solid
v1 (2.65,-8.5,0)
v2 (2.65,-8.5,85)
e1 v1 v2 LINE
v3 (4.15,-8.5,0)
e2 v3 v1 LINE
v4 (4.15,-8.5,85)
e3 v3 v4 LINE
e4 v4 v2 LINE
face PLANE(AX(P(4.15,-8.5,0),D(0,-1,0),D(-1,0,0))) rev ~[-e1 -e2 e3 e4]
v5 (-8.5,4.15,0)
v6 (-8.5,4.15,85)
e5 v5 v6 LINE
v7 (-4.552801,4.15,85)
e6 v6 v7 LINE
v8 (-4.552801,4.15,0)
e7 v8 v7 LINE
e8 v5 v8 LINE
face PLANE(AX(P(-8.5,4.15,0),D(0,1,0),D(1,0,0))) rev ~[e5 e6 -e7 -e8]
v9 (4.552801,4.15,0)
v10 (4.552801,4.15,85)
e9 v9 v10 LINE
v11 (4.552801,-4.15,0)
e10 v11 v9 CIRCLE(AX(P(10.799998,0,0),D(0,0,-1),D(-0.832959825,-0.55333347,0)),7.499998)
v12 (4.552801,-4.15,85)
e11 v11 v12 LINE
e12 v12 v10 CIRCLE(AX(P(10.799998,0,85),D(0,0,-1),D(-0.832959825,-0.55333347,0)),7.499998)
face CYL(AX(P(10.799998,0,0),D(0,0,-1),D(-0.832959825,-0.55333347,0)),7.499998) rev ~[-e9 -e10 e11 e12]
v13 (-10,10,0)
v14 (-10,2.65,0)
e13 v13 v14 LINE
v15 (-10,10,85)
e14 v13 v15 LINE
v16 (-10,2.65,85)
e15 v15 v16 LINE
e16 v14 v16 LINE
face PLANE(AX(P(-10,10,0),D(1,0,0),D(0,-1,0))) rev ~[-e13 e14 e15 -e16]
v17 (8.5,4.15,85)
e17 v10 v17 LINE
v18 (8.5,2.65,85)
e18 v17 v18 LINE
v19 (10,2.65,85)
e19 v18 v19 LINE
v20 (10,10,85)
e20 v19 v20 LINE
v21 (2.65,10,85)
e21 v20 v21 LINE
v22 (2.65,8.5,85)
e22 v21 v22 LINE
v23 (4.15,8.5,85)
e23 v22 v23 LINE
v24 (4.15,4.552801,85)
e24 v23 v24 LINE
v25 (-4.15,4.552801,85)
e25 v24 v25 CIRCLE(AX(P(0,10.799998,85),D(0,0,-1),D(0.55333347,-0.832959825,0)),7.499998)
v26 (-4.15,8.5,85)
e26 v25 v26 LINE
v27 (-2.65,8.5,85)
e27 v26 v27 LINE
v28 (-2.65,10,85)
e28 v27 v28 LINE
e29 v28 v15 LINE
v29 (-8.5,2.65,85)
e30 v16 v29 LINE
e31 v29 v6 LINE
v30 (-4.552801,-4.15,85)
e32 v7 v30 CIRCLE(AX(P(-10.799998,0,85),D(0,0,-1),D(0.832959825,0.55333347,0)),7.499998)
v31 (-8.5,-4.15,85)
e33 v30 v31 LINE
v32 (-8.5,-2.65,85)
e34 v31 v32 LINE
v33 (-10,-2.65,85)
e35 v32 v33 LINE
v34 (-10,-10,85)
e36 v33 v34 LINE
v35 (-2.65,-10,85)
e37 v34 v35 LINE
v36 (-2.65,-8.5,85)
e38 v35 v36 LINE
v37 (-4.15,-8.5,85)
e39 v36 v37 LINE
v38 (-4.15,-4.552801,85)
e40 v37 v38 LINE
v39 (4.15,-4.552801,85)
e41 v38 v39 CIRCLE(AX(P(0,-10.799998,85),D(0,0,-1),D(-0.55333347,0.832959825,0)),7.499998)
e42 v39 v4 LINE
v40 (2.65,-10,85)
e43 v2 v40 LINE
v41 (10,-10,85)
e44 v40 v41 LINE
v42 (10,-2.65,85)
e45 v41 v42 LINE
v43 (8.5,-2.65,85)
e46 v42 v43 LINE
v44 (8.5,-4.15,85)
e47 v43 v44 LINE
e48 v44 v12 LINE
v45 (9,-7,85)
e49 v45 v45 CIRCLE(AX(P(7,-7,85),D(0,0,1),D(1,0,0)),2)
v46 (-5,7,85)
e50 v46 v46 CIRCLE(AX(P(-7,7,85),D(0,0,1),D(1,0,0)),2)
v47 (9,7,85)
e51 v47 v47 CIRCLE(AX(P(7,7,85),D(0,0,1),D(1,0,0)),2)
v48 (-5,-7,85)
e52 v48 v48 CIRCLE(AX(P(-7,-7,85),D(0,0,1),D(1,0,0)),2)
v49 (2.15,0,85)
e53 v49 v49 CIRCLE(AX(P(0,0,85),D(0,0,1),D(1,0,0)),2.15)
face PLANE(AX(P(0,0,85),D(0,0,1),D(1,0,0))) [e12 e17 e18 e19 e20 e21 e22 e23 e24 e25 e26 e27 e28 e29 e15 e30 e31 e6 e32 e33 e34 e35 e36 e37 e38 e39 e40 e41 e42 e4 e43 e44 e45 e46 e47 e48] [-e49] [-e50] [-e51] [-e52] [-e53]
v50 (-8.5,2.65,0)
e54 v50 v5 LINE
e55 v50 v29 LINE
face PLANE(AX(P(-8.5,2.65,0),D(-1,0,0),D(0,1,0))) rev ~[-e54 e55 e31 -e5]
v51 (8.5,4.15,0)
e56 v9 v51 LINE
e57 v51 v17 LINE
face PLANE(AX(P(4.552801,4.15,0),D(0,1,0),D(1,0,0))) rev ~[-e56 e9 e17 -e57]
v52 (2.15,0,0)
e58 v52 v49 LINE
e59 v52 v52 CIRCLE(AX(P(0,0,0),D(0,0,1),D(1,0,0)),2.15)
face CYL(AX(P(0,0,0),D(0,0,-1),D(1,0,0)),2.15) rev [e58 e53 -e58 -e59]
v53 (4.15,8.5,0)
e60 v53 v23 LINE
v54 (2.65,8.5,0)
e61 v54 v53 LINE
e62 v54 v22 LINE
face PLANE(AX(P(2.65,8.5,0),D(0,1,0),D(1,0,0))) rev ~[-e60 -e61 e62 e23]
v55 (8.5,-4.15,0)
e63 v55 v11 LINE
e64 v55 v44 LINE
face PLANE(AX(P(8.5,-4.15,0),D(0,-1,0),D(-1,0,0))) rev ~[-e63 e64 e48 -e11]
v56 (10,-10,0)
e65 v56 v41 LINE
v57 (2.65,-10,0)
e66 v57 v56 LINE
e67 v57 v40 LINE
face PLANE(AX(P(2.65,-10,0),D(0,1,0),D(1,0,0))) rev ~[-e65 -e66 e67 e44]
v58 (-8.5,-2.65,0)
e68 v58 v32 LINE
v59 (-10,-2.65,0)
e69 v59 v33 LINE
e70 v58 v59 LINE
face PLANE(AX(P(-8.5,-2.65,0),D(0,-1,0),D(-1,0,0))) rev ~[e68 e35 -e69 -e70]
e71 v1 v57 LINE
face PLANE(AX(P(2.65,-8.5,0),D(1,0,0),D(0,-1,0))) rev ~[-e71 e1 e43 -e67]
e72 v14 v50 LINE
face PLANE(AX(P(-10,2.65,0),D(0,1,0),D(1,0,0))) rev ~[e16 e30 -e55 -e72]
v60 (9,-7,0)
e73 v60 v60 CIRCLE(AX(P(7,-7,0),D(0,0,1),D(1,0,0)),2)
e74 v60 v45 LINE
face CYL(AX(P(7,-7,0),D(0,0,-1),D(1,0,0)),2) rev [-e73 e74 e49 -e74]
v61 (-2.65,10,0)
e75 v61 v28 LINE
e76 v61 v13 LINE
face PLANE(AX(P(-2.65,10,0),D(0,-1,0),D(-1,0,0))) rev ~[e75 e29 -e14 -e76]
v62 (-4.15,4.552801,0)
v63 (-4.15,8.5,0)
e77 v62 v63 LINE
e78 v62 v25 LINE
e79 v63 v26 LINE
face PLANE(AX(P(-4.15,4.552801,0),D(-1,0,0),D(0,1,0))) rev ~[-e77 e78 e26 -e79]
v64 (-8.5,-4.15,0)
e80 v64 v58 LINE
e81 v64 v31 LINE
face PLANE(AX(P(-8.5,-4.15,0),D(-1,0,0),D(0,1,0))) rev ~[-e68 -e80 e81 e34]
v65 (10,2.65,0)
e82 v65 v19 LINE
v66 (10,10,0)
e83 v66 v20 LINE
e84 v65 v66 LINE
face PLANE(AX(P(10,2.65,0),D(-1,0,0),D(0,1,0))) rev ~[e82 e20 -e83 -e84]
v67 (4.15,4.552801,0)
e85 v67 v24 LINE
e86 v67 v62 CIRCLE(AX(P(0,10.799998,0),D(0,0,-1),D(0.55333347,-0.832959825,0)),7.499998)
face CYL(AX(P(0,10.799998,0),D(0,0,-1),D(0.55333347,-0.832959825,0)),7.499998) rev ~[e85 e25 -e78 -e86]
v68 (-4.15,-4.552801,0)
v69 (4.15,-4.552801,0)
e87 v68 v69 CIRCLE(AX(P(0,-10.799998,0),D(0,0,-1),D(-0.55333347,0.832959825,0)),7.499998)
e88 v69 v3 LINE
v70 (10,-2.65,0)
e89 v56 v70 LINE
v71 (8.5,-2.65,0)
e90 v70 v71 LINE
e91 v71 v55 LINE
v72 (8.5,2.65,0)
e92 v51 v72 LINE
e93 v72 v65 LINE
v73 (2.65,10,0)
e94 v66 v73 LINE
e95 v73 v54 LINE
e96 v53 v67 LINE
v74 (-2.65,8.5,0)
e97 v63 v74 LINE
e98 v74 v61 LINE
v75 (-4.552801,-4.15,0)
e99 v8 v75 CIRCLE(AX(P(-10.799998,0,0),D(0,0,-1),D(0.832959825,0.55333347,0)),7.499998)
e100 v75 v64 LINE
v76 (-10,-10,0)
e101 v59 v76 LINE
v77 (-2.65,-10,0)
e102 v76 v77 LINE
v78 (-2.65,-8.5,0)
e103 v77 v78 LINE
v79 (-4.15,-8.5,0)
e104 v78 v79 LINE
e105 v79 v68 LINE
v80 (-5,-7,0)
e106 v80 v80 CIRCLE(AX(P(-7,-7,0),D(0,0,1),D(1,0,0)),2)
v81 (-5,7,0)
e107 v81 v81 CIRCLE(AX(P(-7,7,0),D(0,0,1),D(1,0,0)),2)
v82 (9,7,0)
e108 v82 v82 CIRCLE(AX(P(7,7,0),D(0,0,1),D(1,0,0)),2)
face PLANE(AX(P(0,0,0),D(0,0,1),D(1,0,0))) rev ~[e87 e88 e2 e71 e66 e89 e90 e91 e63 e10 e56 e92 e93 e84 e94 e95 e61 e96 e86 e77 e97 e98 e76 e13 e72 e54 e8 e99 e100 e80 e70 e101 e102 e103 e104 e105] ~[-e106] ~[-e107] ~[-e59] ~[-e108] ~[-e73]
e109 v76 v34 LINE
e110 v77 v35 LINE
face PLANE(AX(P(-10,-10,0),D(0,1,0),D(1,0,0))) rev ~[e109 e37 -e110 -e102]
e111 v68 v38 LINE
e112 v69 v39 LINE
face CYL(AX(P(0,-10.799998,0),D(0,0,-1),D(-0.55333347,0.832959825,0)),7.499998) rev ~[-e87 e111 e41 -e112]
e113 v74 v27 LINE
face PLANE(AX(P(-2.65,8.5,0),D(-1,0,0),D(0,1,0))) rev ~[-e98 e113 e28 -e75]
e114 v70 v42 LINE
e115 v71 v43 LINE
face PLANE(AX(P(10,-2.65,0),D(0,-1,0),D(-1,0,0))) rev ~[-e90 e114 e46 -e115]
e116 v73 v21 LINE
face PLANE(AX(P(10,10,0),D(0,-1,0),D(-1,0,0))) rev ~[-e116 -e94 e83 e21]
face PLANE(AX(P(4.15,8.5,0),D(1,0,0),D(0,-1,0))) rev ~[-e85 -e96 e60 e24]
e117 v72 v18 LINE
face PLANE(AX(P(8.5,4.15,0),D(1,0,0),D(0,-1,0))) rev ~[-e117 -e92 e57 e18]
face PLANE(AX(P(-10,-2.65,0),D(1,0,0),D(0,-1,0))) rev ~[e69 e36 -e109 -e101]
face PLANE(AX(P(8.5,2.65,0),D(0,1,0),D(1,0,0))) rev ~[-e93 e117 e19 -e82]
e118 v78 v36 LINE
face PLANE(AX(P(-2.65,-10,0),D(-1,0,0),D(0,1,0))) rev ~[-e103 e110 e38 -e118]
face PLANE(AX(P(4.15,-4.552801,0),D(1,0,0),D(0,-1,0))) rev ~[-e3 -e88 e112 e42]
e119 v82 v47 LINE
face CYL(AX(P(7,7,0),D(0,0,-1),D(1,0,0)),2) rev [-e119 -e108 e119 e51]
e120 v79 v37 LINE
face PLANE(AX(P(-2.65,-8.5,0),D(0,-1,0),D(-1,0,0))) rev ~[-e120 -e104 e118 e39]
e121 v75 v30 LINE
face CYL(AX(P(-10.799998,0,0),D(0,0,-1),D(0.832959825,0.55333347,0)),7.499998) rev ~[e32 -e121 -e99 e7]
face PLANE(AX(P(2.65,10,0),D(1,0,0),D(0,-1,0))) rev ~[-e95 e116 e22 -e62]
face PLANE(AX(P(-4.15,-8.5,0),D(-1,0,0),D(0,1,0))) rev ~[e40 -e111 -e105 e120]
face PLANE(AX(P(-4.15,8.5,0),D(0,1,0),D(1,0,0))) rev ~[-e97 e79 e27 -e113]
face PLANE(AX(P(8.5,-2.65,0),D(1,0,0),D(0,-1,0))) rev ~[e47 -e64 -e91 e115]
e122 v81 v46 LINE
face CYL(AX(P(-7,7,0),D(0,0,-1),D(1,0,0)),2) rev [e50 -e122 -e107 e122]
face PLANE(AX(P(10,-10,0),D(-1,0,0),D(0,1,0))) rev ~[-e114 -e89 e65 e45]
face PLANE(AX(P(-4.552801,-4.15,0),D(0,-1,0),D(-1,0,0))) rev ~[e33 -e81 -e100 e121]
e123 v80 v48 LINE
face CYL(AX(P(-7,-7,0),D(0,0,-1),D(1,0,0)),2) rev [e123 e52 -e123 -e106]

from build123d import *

# Parameters (mm, degrees)
F0_R     = 2
F0_R_2   = 2.15
F1_DEPTH = 85


with BuildPart() as f1:
    # F0 (on Top) → F1 (new body)
    with BuildSketch(Plane.XY):
        with BuildLine():
            Line((-10, 10), (-10, 2.65))
            Line((-10, 2.65), (-8.5, 2.65))
            Line((-8.5, 2.65), (-8.5, 4.15))
            Line((-8.5, 4.15), (-4.552801, 4.15))
            ThreePointArc((-4.552801, 4.15), (-3.3, 0), (-4.552801, -4.15))
            Line((-4.552801, -4.15), (-8.5, -4.15))
            Line((-8.5, -4.15), (-8.5, -2.65))
            Line((-8.5, -2.65), (-10, -2.65))
            Line((-10, -2.65), (-10, -10))
            Line((-10, -10), (-2.65, -10))
            Line((-2.65, -10), (-2.65, -8.5))
            Line((-2.65, -8.5), (-4.15, -8.5))
            Line((-4.15, -8.5), (-4.15, -4.552801))
            ThreePointArc((-4.15, -4.552801), (0, -3.3), (4.15, -4.552801))
            Line((4.15, -4.552801), (4.15, -8.5))
            Line((4.15, -8.5), (2.65, -8.5))
            Line((2.65, -8.5), (2.65, -10))
            Line((2.65, -10), (10, -10))
            Line((10, -10), (10, -2.65))
            Line((10, -2.65), (8.5, -2.65))
            Line((8.5, -2.65), (8.5, -4.15))
            Line((8.5, -4.15), (4.552801, -4.15))
            ThreePointArc((4.552801, -4.15), (3.3, 0), (4.552801, 4.15))
            Line((4.552801, 4.15), (8.5, 4.15))
            Line((8.5, 4.15), (8.5, 2.65))
            Line((8.5, 2.65), (10, 2.65))
            Line((10, 2.65), (10, 10))
            Line((10, 10), (2.65, 10))
            Line((2.65, 10), (2.65, 8.5))
            Line((2.65, 8.5), (4.15, 8.5))
            Line((4.15, 8.5), (4.15, 4.552801))
            ThreePointArc((4.15, 4.552801), (0, 3.3), (-4.15, 4.552801))
            Line((-4.15, 4.552801), (-4.15, 8.5))
            Line((-4.15, 8.5), (-2.65, 8.5))
            Line((-2.65, 8.5), (-2.65, 10))
            Line((-2.65, 10), (-10, 10))
        make_face()
        with Locations((-7, -7)):
            Circle(F0_R, mode=Mode.SUBTRACT)
        with Locations((7, -7)):
            Circle(F0_R, mode=Mode.SUBTRACT)
        with Locations((-7, 7)):
            Circle(F0_R, mode=Mode.SUBTRACT)
        Circle(F0_R_2, mode=Mode.SUBTRACT)
        with Locations((7, 7)):
            Circle(F0_R, mode=Mode.SUBTRACT)
    extrude(amount=F1_DEPTH)


solid = f1.part
